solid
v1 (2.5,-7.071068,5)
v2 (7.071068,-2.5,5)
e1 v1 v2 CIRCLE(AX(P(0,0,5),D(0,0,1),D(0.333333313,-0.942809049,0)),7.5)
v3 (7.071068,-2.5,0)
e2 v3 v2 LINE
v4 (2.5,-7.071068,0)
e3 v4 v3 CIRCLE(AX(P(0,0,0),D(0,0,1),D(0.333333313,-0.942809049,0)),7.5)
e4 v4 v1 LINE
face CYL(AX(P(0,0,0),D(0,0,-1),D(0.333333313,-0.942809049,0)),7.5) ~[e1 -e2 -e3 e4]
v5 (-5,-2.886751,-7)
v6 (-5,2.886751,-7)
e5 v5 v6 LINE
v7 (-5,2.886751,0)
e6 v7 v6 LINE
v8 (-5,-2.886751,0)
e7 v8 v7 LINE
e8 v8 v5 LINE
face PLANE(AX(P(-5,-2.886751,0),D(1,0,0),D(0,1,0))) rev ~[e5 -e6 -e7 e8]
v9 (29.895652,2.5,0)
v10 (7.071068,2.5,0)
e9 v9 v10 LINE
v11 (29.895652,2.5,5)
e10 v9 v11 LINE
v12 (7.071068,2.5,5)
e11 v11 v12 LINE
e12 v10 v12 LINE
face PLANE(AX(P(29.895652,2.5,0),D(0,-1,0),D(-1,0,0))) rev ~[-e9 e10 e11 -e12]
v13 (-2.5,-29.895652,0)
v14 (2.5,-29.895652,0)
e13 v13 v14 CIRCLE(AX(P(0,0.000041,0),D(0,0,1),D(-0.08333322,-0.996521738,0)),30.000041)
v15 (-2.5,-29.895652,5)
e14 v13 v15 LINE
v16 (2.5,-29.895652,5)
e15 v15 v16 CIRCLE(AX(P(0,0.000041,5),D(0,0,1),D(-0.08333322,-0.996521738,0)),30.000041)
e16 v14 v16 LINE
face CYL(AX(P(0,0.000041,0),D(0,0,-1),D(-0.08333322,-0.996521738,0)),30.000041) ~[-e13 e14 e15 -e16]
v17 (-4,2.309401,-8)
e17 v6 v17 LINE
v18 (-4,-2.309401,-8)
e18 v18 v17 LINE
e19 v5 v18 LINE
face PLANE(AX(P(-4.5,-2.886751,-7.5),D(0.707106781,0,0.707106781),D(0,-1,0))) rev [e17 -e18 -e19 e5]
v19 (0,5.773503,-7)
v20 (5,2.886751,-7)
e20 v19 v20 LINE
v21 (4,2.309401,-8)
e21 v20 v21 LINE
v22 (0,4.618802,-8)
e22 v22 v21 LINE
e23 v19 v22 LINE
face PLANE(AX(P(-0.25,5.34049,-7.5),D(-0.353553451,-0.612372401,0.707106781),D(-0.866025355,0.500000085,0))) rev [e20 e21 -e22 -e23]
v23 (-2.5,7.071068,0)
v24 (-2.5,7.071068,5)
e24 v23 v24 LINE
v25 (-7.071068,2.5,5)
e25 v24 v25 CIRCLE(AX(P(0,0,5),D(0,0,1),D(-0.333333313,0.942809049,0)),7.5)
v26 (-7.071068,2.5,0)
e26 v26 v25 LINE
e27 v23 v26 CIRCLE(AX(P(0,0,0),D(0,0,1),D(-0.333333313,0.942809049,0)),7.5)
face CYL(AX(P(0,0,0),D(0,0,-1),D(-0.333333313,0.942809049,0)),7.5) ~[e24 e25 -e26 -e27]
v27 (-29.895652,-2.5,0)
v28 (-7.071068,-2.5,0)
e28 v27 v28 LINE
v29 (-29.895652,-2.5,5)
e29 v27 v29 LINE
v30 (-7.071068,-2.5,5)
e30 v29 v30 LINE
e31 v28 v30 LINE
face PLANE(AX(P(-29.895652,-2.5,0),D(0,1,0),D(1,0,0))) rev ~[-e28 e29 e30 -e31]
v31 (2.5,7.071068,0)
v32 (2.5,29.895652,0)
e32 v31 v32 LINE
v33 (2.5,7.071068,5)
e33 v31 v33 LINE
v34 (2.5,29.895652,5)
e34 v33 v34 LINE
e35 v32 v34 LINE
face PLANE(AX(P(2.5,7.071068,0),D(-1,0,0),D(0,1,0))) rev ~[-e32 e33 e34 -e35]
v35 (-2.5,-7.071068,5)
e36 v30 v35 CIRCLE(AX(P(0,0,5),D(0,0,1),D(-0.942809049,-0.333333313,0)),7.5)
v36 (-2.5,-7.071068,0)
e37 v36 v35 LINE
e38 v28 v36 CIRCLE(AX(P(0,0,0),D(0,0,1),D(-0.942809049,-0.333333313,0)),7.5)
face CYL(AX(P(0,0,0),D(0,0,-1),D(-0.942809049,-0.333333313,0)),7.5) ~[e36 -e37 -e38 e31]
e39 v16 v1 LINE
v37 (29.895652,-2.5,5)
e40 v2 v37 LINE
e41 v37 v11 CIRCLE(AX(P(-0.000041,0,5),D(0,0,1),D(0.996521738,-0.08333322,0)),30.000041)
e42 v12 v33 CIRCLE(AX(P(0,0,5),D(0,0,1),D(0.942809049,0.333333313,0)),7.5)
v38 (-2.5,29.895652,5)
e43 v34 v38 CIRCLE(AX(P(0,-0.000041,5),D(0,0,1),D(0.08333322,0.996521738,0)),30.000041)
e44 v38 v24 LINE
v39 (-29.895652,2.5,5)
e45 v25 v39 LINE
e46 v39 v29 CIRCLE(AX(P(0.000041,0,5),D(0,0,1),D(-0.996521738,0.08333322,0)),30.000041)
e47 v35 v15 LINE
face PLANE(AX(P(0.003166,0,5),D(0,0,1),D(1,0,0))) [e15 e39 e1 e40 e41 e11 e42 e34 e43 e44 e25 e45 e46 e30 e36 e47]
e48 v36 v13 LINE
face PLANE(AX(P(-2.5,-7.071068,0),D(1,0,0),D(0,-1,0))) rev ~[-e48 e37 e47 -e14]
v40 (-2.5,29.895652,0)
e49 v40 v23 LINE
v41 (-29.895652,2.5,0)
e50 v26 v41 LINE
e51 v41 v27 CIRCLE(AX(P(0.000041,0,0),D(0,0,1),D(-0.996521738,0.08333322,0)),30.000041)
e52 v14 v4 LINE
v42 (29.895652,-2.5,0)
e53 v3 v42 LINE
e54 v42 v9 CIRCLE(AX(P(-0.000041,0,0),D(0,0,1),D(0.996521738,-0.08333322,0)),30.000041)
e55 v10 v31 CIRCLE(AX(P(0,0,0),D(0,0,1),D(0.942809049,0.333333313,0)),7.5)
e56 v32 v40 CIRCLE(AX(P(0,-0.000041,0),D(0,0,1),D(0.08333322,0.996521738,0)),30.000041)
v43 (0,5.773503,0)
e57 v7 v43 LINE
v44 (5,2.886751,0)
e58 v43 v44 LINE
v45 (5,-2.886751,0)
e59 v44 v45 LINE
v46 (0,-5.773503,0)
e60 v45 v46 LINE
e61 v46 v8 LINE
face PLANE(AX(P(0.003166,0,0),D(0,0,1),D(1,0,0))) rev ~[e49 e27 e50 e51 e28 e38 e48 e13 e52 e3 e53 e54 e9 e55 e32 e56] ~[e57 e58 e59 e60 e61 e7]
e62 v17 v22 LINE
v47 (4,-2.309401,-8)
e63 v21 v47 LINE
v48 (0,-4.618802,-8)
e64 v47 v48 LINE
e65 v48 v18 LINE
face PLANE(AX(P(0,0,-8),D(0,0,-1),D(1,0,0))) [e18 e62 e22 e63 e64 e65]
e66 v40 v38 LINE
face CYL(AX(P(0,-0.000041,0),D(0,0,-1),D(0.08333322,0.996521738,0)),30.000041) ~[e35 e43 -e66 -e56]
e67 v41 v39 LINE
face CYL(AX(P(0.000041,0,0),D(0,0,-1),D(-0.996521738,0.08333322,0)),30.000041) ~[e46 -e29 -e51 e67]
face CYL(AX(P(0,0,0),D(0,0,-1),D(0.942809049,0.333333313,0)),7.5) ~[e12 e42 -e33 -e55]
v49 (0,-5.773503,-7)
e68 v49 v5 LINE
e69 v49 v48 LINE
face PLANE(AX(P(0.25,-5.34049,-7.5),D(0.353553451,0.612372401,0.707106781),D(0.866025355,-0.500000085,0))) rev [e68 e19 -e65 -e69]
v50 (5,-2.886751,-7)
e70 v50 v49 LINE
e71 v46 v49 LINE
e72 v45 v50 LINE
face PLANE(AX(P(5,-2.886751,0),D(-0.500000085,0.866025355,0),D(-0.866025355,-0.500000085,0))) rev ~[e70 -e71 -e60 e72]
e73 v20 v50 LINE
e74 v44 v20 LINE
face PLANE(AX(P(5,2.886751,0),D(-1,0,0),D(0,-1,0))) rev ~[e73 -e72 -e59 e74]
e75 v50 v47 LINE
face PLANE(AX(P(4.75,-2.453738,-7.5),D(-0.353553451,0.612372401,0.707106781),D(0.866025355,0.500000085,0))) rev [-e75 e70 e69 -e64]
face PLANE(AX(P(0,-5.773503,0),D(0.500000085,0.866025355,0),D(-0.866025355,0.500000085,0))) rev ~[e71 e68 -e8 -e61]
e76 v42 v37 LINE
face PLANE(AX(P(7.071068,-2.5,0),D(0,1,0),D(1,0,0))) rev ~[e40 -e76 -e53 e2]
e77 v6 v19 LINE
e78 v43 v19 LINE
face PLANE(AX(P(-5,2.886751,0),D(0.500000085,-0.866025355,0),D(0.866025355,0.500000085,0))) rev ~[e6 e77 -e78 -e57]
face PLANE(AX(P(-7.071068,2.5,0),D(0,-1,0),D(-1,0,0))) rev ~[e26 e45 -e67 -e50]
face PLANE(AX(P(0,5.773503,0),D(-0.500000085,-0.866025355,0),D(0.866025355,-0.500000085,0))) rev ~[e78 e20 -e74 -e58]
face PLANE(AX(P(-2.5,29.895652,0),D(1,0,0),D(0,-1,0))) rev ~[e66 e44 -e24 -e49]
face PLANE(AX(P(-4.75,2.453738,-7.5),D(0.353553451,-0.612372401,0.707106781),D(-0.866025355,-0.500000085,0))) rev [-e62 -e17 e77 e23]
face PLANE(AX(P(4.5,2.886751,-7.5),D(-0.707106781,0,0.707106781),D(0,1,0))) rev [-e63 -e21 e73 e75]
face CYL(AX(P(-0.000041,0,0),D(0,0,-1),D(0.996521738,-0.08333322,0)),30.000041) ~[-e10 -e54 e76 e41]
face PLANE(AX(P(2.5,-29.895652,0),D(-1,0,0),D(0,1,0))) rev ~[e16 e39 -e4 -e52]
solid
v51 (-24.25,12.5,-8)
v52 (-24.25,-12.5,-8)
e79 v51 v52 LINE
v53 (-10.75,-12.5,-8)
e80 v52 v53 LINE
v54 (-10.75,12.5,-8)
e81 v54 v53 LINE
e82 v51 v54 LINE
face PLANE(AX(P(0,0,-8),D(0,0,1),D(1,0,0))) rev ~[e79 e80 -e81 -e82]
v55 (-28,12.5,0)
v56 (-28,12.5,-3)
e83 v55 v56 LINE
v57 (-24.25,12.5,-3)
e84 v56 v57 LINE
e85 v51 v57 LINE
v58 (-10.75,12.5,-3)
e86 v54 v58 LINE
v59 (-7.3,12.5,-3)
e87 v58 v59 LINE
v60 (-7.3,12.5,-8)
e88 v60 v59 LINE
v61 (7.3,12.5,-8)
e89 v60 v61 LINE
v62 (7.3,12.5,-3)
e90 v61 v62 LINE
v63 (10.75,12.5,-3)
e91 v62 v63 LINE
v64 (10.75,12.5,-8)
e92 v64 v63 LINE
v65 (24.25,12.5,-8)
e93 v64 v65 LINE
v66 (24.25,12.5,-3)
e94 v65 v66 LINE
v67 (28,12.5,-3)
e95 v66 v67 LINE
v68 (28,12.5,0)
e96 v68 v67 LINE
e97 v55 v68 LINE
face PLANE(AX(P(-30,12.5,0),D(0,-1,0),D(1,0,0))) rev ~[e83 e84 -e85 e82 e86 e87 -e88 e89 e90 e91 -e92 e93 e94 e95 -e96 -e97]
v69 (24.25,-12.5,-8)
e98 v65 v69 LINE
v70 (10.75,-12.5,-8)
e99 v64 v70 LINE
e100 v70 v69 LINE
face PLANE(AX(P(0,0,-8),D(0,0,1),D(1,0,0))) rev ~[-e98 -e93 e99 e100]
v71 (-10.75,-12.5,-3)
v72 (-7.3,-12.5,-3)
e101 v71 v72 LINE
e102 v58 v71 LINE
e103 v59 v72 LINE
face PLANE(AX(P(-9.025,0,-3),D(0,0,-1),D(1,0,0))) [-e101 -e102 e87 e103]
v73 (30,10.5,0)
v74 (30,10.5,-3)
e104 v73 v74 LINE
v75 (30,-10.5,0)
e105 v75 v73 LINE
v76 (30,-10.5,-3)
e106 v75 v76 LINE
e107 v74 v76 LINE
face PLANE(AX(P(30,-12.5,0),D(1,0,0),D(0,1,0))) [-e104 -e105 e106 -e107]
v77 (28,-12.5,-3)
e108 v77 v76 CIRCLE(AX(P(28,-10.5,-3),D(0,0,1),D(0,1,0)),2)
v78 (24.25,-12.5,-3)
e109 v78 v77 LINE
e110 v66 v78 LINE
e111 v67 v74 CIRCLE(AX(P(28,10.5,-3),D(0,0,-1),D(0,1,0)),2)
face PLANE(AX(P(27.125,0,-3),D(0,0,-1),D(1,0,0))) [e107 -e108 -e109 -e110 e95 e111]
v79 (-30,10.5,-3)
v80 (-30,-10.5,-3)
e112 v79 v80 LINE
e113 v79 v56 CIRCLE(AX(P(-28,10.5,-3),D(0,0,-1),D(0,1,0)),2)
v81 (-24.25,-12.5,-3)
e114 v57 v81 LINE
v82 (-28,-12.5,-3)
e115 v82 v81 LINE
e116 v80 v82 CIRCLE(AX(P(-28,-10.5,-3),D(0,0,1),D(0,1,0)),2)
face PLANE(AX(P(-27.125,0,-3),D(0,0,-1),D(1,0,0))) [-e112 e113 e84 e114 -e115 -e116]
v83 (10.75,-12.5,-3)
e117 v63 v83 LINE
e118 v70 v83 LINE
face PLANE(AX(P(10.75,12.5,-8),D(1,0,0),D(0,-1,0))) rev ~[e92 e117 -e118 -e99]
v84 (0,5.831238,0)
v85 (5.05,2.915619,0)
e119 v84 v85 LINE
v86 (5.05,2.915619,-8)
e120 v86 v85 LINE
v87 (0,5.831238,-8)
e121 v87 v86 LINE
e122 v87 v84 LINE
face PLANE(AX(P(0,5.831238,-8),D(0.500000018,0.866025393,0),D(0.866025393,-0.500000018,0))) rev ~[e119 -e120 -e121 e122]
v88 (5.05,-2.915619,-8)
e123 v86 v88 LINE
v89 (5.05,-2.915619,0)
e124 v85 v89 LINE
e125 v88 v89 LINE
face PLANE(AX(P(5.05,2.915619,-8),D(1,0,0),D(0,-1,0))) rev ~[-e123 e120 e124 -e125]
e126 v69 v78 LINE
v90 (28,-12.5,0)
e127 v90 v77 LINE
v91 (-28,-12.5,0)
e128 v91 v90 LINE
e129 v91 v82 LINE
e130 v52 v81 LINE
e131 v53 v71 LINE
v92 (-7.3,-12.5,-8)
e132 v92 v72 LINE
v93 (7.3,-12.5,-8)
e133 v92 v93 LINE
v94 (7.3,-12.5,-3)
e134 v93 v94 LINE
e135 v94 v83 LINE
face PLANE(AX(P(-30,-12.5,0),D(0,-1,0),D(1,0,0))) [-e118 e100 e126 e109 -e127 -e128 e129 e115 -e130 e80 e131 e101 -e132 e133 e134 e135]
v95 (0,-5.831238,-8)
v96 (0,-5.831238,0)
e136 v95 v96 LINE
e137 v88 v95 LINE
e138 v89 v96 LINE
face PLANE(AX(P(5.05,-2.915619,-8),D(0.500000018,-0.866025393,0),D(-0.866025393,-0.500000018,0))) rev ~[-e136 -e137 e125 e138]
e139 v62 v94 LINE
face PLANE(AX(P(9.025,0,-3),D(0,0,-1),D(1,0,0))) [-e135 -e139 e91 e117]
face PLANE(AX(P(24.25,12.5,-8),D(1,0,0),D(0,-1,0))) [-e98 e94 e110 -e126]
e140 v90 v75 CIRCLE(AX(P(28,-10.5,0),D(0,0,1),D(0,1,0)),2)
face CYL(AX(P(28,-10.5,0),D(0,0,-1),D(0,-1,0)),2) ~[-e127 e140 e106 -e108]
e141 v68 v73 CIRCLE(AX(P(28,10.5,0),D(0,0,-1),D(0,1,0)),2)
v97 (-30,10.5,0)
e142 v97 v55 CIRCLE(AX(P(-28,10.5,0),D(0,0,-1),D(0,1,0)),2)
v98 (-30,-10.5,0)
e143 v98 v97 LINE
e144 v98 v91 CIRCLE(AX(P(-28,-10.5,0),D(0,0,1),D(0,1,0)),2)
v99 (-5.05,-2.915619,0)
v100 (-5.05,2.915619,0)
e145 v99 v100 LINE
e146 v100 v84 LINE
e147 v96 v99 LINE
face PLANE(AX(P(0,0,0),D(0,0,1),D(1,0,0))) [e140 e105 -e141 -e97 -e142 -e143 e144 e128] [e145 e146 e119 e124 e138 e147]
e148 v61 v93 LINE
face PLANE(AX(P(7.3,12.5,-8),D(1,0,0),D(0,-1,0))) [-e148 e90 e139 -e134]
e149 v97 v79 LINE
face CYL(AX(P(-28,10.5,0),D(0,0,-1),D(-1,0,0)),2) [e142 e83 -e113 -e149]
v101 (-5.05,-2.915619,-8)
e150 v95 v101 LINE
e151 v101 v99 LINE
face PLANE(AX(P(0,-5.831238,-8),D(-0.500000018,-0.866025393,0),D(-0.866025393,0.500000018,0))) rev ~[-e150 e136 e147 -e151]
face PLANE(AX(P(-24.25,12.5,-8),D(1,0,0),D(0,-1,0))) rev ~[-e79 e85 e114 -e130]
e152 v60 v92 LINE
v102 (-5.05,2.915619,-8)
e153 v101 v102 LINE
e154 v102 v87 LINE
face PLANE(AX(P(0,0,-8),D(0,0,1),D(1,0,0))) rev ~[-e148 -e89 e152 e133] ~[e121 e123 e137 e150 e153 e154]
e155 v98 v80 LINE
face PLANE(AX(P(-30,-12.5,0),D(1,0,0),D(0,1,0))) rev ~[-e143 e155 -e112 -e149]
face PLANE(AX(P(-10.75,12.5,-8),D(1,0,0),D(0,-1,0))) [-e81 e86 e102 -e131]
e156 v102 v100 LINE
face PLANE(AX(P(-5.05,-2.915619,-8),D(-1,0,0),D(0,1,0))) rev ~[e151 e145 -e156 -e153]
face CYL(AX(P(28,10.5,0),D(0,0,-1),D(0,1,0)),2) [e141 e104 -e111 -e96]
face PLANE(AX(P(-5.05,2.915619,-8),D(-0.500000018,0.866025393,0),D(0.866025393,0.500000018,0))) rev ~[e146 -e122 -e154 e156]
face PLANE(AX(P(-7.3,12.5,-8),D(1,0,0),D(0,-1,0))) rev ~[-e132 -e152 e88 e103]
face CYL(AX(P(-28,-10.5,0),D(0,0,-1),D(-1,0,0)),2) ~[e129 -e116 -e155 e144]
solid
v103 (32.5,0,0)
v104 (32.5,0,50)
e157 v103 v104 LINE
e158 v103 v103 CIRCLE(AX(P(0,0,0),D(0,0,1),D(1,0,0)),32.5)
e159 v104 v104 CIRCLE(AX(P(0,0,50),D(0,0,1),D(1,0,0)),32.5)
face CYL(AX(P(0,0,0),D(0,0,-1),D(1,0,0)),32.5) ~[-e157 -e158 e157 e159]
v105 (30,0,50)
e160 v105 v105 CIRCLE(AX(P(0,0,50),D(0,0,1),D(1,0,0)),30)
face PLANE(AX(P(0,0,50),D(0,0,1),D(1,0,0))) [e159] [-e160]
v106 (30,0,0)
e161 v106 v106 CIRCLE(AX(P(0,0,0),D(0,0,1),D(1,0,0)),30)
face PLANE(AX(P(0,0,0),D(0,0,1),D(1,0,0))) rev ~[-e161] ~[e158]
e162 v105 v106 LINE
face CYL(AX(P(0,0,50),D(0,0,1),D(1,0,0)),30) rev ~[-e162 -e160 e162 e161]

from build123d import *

# Parameters (mm, degrees)
F0_W      = 60
F0_H      = 25
F1_DEPTH  = 8
F2_W      = 5.75
F2_H      = 25
F2_W_2    = 3.45
F3_DEPTH  = 5
F5_DEPTH  = 8
F6_R      = 32.5
F7_DEPTH  = 50
F8_R      = 30
F9_DEPTH  = 50
F11_DEPTH = 5
F13_DEPTH = 8
F14_SIZE  = 1
F15_R     = 2


with BuildPart() as f1:
    # F0 (on Top) → F1 (new body)
    with BuildSketch(Plane.XY):
        Rectangle(F0_W, F0_H)
    extrude(amount=-F1_DEPTH)

    # F2 (on face) → F3 (cut)
    with BuildSketch(Plane(origin=(0, 0, -8), x_dir=(1, 0, 0), z_dir=(0, 0, -1))):
        with Locations((-27.125, 0)):
            Rectangle(F2_W, F2_H)
        with Locations((-9.025, 0)):
            Rectangle(F2_W_2, F2_H)
        with Locations((9.025, 0)):
            Rectangle(F2_W_2, F2_H)
        with Locations((27.125, 0)):
            Rectangle(F2_W, F2_H)
    extrude(amount=-F3_DEPTH, mode=Mode.SUBTRACT)

    # F4 (on face) → F5 (cut, through all)
    with BuildSketch(Plane(origin=(0, 0, -8), x_dir=(1, 0, 0), z_dir=(0, 0, -1))):
        Polygon((0, -5.831238), (5.05, -2.915619), (5.05, 2.915619), (0, 5.831238), (-5.05, 2.915619), (-5.05, -2.915619), align=None)
    extrude(amount=-F5_DEPTH, mode=Mode.SUBTRACT)

    # F15
    f15_edges = [f1.edges().sort_by_distance(p)[0] for p in [
        (30, 12.5, -1.5),
        (-30, 12.5, -1.5),
        (-30, -12.5, -1.5),
        (30, -12.5, -1.5),
    ]]
    fillet(f15_edges, radius=F15_R)


with BuildPart() as f7:
    # F6 (on Top) → F7 (new body)
    with BuildSketch(Plane.XY):
        Circle(F6_R)
    extrude(amount=F7_DEPTH)

    # F8 (on face) → F9 (cut, through all)
    with BuildSketch(Plane.XY.offset(50)):
        Circle(F8_R)
    extrude(amount=-F9_DEPTH, mode=Mode.SUBTRACT)


with BuildPart() as f11:
    # F10 (on Top) → F11 (new body)
    with BuildSketch(Plane.XY):
        with BuildLine():
            Line((-2.5, 2.5), (-7.071068, 2.5))
            ThreePointArc((-7.071068, 2.5), (-7.5, 0), (-7.071068, -2.5))
            Line((-7.071068, -2.5), (-2.5, -2.5))
            Line((-2.5, -2.5), (-2.5, -7.071068))
            ThreePointArc((-2.5, -7.071068), (0, -7.5), (2.5, -7.071068))
            Line((2.5, -7.071068), (2.5, -2.5))
            Line((2.5, -2.5), (7.071068, -2.5))
            ThreePointArc((7.071068, -2.5), (7.391989, -1.268265), (7.5, 0))
            ThreePointArc((7.5, 0), (7.391989, 1.268265), (7.071068, 2.5))
            Line((7.071068, 2.5), (2.5, 2.5))
            Line((2.5, 2.5), (2.5, 7.071068))
            ThreePointArc((2.5, 7.071068), (0, 7.5), (-2.5, 7.071068))
            Line((-2.5, 7.071068), (-2.5, 2.5))
        make_face()
        with BuildLine():
            Line((-7.071068, 2.5), (-29.895652, 2.5))
            ThreePointArc((-29.895652, 2.5), (-30, 0), (-29.895652, -2.5))
            Line((-29.895652, -2.5), (-7.071068, -2.5))
            ThreePointArc((-7.071068, -2.5), (-7.5, 0), (-7.071068, 2.5))
        make_face()
        with BuildLine():
            Line((29.895652, 2.5), (7.071068, 2.5))
            ThreePointArc((7.071068, 2.5), (7.391989, 1.268265), (7.5, 0))
            ThreePointArc((7.5, 0), (7.391989, -1.268265), (7.071068, -2.5))
            Line((7.071068, -2.5), (29.895652, -2.5))
            ThreePointArc((29.895652, -2.5), (30, 0), (29.895652, 2.5))
        make_face()
        with BuildLine():
            ThreePointArc((2.5, -7.071068), (0, -7.5), (-2.5, -7.071068))
            Line((-2.5, -7.071068), (-2.5, -29.895652))
            ThreePointArc((-2.5, -29.895652), (0, -30), (2.5, -29.895652))
            Line((2.5, -29.895652), (2.5, -7.071068))
        make_face()
        with BuildLine():
            Line((-2.5, 29.895652), (-2.5, 7.071068))
            ThreePointArc((-2.5, 7.071068), (0, 7.5), (2.5, 7.071068))
            Line((2.5, 7.071068), (2.5, 29.895652))
            ThreePointArc((2.5, 29.895652), (0, 30), (-2.5, 29.895652))
        make_face()
        with BuildLine():
            ThreePointArc((-2.5, 7.071068), (-5.303301, 5.303301), (-7.071068, 2.5))
            Line((-7.071068, 2.5), (-2.5, 2.5))
            Line((-2.5, 2.5), (-2.5, 7.071068))
        make_face()
        with BuildLine():
            ThreePointArc((7.071068, 2.5), (5.303301, 5.303301), (2.5, 7.071068))
            Line((2.5, 7.071068), (2.5, 2.5))
            Line((2.5, 2.5), (7.071068, 2.5))
        make_face()
        with BuildLine():
            Line((2.5, -2.5), (2.5, -7.071068))
            ThreePointArc((2.5, -7.071068), (5.303301, -5.303301), (7.071068, -2.5))
            Line((7.071068, -2.5), (2.5, -2.5))
        make_face()
        with BuildLine():
            Line((-2.5, -2.5), (-7.071068, -2.5))
            ThreePointArc((-7.071068, -2.5), (-5.303301, -5.303301), (-2.5, -7.071068))
            Line((-2.5, -7.071068), (-2.5, -2.5))
        make_face()
    extrude(amount=F11_DEPTH)

    # F12 (on face) → F13 (join)
    with BuildSketch(Plane(origin=(0, 0, 0), x_dir=(1, 0, 0), z_dir=(0, 0, -1))):
        Polygon((0, -5.773503), (5, -2.886751), (5, 2.886751), (0, 5.773503), (-5, 2.886751), (-5, -2.886751), align=None)
    extrude(amount=F13_DEPTH)

    # F14
    f14_edges = [f11.edges().sort_by_distance(p)[0] for p in [
        (2.5, 4.330127, -8),
        (5, 0, -8),
        (2.5, -4.330127, -8),
        (-2.5, -4.330127, -8),
        (-5, 0, -8),
        (-2.5, 4.330127, -8),
    ]]
    chamfer(f14_edges, length=F14_SIZE)


solid = Compound([f1.part, f7.part, f11.part])
